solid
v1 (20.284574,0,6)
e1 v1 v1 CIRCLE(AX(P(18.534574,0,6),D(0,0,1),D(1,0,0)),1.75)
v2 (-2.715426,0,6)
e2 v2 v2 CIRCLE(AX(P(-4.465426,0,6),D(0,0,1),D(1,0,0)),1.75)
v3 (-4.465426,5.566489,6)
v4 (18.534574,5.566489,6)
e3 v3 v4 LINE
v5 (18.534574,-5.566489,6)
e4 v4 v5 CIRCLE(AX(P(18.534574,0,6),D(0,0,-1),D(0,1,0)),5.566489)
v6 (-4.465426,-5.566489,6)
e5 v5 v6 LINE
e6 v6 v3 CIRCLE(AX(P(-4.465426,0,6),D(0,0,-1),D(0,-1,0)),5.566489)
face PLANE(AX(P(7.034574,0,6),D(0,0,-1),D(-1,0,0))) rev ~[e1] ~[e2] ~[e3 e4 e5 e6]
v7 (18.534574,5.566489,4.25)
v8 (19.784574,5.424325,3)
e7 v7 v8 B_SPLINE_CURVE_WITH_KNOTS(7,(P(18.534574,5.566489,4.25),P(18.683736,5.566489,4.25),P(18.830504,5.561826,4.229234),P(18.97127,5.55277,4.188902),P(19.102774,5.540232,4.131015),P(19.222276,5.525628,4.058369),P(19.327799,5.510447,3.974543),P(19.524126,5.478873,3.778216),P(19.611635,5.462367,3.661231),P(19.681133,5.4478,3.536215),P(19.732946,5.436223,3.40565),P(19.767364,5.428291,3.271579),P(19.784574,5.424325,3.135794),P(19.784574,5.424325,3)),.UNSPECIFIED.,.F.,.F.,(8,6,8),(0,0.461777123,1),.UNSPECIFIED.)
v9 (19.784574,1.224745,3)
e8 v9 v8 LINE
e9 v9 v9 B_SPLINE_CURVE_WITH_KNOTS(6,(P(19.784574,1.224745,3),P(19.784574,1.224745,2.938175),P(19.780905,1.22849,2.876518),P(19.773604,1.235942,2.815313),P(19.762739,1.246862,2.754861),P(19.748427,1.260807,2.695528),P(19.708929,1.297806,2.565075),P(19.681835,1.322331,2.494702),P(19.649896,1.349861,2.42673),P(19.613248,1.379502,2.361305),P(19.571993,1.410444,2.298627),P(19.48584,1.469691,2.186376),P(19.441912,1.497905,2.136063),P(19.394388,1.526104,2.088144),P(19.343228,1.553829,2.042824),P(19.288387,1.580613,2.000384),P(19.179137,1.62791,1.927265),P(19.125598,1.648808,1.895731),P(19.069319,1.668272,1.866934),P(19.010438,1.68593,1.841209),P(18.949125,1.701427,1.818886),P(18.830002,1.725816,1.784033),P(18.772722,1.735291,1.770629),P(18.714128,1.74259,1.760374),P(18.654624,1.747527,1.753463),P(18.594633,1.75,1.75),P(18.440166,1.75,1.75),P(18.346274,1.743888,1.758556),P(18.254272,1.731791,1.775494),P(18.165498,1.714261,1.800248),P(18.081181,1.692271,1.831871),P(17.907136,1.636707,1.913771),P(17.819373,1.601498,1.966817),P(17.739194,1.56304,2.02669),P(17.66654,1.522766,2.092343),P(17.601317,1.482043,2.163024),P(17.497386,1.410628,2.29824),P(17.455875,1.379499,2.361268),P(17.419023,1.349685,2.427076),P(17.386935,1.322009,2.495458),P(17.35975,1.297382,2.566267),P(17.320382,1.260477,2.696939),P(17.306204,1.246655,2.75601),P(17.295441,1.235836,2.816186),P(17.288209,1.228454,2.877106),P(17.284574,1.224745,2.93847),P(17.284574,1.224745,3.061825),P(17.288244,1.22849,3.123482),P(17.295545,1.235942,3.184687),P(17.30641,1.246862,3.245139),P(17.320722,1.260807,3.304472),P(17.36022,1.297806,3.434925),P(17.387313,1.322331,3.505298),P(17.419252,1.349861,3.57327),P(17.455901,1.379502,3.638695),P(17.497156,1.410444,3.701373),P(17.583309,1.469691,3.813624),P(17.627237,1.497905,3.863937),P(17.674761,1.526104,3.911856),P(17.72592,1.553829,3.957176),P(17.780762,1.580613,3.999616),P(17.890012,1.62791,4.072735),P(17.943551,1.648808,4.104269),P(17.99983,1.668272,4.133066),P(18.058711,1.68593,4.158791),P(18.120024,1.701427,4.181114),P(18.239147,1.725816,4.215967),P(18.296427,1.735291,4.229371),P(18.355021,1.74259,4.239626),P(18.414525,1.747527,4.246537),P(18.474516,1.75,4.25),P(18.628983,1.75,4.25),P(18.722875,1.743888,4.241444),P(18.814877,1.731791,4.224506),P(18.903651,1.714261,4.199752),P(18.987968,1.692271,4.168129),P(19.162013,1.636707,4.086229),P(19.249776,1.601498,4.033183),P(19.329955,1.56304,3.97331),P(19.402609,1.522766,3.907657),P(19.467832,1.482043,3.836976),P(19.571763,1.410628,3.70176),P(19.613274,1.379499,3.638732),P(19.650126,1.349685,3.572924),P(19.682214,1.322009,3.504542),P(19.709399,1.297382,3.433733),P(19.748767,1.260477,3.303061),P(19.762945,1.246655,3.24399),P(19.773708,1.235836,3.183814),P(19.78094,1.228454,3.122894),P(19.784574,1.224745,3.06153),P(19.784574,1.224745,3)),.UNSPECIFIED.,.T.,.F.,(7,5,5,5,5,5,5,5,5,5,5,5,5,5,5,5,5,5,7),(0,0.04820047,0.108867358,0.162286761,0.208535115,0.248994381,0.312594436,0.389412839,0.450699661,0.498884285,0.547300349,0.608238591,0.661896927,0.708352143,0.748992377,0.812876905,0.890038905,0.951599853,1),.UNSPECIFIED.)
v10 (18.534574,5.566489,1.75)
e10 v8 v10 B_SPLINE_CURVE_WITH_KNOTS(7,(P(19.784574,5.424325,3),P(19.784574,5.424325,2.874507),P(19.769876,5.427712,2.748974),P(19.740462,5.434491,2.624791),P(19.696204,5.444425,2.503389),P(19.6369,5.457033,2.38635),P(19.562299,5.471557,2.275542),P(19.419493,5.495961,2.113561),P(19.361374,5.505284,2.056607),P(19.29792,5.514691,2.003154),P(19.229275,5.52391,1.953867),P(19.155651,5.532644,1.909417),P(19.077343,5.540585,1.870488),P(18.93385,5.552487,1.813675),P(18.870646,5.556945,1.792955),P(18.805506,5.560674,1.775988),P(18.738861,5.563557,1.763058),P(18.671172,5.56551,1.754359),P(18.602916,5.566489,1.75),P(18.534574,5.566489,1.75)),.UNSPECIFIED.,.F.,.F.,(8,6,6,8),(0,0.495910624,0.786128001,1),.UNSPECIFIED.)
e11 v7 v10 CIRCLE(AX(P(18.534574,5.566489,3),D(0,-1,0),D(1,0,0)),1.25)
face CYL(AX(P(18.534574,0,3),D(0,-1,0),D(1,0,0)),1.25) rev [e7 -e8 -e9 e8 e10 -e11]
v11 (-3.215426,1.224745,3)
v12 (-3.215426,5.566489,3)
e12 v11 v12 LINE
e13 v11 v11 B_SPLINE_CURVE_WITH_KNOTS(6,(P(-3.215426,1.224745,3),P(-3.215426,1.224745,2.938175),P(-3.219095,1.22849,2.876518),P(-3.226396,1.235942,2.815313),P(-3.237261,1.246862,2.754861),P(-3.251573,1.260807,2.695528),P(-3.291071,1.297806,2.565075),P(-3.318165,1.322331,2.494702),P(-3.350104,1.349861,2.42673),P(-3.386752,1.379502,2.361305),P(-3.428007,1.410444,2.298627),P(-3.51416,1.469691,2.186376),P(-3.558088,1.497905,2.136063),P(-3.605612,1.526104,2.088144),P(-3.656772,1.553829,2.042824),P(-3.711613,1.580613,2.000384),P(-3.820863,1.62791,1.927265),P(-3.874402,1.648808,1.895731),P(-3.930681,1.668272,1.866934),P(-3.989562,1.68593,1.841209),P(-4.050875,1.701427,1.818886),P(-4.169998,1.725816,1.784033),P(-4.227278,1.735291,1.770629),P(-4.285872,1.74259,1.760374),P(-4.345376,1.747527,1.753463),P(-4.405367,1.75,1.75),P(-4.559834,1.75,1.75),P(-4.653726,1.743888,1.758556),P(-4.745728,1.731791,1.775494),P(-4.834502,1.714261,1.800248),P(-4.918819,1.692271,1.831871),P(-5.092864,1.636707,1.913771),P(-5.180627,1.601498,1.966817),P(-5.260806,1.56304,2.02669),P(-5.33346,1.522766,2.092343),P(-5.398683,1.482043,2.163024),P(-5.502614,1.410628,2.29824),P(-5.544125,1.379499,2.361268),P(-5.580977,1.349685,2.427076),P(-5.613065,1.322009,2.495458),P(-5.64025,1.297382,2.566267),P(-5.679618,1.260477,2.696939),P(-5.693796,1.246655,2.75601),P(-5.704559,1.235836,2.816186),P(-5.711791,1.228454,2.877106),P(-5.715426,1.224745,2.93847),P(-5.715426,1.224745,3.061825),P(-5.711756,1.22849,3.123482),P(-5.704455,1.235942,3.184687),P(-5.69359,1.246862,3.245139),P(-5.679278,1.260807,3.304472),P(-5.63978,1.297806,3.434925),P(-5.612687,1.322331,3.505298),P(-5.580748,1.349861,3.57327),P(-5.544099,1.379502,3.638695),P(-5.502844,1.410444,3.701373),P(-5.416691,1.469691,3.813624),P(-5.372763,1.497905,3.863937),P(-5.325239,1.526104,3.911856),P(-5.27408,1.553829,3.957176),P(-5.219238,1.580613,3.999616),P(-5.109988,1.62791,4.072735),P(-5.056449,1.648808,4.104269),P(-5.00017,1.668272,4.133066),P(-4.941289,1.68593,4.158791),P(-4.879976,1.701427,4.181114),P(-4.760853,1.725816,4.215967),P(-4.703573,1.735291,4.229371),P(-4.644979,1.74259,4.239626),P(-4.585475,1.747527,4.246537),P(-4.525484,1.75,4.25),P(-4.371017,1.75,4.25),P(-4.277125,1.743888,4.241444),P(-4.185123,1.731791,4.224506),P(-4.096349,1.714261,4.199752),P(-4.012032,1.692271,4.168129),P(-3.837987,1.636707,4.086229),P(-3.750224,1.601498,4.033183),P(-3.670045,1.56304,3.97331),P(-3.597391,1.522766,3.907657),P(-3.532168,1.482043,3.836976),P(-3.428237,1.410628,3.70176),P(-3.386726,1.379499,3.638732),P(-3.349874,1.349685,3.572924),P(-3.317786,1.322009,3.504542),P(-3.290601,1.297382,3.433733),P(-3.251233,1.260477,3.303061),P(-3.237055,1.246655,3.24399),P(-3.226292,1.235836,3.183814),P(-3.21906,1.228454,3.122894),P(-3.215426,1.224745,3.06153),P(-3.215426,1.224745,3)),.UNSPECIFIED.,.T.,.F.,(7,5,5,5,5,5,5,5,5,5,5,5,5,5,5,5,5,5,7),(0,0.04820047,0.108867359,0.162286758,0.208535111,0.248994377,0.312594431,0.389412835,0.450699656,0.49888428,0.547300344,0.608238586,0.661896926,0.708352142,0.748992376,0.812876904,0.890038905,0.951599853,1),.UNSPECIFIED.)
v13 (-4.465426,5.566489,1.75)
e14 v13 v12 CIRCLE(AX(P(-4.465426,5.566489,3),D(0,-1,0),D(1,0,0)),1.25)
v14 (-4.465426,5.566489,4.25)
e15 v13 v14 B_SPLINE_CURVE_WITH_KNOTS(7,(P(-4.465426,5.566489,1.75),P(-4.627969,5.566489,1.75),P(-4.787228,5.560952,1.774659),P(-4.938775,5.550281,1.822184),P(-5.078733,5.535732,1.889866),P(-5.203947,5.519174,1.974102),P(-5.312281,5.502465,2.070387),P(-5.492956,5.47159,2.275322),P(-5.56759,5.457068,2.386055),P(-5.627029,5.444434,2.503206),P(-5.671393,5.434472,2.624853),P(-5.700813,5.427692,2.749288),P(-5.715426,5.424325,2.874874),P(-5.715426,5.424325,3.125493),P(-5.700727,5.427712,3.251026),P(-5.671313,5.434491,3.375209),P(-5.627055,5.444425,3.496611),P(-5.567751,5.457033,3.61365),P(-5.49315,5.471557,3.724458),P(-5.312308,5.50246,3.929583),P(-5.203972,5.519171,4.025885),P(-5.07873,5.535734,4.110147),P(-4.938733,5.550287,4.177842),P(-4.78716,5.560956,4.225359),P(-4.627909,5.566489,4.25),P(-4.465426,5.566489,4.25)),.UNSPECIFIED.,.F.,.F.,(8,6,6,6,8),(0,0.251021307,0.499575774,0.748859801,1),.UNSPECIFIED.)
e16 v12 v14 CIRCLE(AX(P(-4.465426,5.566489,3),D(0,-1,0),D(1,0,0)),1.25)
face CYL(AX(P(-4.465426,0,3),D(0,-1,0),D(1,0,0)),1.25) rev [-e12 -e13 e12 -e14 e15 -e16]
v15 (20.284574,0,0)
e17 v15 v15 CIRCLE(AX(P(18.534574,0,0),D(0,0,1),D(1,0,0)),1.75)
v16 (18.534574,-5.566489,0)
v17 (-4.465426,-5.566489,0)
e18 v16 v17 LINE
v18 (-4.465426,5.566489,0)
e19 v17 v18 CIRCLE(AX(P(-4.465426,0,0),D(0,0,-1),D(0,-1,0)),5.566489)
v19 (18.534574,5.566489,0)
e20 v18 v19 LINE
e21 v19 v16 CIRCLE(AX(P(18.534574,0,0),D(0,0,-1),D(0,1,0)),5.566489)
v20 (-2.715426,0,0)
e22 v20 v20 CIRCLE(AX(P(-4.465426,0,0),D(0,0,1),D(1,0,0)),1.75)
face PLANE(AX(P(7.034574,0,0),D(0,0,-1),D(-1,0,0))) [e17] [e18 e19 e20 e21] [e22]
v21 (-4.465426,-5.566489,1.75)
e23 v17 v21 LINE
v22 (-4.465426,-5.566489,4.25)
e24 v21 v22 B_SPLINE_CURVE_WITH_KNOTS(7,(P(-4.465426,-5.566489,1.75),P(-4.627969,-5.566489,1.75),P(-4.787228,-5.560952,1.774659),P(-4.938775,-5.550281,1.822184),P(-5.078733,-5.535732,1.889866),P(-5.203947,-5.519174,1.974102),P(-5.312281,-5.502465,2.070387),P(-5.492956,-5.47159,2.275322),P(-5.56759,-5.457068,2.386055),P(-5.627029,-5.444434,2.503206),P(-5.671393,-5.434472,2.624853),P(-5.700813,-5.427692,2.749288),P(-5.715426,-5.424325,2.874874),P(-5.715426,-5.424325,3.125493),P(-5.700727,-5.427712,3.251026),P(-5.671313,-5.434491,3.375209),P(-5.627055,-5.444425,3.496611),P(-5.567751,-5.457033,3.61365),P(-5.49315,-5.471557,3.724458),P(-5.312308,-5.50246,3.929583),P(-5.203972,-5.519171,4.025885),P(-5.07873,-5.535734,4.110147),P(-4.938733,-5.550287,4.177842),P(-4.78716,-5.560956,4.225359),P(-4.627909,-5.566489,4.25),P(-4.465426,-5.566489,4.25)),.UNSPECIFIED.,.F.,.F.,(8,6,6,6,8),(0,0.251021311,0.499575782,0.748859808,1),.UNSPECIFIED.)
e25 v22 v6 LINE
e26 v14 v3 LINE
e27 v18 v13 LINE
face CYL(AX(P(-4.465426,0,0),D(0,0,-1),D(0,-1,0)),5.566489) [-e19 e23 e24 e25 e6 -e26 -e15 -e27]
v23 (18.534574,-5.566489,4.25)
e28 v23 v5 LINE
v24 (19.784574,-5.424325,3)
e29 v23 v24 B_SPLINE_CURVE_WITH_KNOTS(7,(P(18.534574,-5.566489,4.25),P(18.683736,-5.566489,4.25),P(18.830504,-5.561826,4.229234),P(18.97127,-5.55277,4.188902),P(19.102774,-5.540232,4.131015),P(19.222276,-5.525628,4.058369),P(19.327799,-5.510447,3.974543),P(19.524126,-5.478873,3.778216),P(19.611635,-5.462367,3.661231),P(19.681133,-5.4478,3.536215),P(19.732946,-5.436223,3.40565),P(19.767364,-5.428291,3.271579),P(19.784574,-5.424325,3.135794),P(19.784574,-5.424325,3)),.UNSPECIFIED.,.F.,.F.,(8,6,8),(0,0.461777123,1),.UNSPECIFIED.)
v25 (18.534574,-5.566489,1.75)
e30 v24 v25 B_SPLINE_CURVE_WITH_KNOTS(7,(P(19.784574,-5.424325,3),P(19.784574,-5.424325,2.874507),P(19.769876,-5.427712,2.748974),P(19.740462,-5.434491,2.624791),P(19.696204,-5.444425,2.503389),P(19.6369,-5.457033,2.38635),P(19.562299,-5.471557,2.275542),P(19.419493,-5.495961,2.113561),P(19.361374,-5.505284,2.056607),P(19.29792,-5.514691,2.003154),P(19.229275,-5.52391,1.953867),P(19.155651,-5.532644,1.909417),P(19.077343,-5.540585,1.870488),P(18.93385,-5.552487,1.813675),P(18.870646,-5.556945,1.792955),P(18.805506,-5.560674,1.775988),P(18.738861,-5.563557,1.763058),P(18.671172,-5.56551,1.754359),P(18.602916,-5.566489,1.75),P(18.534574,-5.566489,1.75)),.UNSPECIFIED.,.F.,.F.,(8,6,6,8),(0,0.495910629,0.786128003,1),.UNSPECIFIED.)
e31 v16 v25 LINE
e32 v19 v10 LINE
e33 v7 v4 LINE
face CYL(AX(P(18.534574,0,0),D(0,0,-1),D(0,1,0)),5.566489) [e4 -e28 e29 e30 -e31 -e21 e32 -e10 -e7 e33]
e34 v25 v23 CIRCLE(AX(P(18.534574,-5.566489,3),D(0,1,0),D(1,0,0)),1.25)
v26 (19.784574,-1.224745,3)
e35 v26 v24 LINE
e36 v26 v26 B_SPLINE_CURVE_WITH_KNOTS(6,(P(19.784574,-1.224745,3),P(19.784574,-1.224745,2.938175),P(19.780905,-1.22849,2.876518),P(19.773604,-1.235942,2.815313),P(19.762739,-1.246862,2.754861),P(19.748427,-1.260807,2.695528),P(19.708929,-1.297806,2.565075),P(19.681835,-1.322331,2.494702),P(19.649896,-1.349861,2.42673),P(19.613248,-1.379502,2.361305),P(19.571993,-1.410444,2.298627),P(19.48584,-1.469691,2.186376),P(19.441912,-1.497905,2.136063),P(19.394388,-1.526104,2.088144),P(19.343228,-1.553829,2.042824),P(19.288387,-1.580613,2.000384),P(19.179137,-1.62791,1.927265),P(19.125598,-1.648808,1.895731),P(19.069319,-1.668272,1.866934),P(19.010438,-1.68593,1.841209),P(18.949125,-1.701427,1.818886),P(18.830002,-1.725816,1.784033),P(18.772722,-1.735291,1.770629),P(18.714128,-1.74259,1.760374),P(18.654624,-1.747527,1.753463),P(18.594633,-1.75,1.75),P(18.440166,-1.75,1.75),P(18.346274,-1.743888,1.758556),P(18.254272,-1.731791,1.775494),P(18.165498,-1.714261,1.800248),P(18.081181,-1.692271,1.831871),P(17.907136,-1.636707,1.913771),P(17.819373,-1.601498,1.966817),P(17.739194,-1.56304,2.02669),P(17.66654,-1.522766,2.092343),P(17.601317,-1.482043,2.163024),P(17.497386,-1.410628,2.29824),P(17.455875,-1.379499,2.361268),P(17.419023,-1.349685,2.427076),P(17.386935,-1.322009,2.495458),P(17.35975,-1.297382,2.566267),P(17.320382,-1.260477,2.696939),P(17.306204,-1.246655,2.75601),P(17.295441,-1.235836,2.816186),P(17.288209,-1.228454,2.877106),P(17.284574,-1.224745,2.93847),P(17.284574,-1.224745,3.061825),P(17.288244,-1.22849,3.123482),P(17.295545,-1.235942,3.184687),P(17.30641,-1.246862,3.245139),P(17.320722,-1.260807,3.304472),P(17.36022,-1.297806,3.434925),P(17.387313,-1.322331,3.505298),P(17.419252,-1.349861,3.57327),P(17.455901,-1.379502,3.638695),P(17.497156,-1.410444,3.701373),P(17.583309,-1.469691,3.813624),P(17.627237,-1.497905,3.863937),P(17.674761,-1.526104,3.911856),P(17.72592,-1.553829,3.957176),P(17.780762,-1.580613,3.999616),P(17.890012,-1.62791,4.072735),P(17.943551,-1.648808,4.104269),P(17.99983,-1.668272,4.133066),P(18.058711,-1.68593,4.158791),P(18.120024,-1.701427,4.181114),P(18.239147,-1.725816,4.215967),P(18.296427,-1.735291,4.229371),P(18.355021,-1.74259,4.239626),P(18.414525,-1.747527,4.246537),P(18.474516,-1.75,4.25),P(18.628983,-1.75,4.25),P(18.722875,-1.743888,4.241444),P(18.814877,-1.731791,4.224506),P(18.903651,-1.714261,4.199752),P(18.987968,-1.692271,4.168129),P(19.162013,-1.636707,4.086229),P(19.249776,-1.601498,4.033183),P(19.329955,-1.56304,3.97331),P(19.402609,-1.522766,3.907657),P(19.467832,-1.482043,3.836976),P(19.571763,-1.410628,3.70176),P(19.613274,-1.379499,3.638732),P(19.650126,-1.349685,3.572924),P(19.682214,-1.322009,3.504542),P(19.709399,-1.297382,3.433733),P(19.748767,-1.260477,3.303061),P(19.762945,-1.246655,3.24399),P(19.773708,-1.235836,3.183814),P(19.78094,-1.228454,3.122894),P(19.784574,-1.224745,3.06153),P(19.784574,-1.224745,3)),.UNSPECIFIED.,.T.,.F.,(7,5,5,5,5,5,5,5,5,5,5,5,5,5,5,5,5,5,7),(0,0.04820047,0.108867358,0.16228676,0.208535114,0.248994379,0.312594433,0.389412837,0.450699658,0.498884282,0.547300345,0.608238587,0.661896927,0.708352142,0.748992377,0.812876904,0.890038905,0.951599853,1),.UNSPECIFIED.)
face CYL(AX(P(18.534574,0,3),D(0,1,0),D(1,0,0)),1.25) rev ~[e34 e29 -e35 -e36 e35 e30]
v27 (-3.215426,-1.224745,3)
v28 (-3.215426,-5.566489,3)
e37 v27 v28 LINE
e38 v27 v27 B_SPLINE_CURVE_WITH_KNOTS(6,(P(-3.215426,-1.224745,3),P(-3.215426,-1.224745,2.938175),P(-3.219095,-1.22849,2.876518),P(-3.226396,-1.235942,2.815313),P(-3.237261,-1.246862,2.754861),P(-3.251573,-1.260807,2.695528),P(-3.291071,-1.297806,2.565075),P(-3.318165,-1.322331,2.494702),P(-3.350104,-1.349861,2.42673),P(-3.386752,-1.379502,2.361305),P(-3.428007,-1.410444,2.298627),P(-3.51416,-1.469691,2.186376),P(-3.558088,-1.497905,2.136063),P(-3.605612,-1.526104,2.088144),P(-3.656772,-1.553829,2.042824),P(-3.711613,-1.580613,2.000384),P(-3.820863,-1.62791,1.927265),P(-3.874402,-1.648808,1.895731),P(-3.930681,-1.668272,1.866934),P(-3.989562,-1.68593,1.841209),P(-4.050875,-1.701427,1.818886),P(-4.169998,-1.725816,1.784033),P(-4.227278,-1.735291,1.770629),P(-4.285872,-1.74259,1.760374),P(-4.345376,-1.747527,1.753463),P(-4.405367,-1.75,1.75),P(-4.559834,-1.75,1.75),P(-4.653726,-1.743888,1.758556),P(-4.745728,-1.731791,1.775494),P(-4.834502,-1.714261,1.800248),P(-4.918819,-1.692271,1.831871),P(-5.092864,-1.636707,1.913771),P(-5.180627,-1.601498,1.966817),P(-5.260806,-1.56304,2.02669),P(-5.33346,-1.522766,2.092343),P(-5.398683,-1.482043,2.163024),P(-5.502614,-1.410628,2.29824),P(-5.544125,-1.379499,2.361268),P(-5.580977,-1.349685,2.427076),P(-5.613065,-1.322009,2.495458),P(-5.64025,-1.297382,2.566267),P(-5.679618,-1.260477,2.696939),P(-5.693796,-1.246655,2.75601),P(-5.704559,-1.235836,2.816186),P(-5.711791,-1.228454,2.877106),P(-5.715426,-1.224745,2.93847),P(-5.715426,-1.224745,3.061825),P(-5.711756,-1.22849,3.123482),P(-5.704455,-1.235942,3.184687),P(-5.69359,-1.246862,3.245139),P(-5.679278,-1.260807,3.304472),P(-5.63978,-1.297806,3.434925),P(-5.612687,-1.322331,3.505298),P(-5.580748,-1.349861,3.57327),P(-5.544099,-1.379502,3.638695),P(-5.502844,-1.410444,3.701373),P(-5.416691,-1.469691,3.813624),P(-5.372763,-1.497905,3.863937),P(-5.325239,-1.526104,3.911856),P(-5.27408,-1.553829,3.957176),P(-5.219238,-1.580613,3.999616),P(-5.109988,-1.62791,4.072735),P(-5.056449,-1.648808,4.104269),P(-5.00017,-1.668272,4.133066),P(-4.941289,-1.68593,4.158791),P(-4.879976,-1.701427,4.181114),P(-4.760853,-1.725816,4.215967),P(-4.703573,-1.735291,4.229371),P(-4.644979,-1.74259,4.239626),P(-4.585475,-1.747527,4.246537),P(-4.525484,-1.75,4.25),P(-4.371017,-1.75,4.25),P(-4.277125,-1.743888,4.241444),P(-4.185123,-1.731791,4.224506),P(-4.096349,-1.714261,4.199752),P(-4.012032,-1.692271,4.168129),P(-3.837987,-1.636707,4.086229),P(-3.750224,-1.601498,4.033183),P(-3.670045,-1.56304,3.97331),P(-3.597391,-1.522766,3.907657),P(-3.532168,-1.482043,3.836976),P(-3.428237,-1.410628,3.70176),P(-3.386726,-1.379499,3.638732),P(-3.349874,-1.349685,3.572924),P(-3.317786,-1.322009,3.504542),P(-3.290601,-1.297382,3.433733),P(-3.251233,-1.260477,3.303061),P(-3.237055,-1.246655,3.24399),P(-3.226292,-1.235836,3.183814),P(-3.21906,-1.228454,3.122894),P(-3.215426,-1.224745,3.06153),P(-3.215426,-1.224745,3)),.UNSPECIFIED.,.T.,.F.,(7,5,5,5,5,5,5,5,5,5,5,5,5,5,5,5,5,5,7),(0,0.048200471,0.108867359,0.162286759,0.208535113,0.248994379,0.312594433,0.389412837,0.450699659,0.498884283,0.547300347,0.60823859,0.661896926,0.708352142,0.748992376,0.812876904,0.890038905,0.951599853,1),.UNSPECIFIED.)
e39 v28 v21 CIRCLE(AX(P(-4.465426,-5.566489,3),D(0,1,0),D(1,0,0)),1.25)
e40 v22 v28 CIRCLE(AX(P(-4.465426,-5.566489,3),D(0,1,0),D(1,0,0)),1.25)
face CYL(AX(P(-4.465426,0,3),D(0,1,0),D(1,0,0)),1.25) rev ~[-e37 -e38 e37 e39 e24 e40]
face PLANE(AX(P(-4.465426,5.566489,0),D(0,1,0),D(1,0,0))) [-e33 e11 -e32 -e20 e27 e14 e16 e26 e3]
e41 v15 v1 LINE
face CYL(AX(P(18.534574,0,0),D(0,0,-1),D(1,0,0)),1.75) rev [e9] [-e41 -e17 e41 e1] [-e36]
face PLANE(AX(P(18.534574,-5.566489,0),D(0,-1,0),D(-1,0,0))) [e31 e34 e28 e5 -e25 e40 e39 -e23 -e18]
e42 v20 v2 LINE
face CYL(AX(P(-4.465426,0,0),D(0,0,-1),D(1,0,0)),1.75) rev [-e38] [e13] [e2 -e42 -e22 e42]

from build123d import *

# Parameters (mm, degrees)
SKETCH1_R               = 1.75
BOSS_EXTRUDE1_DEPTH     = 6
SKETCH2_R               = 1.25
CUT_EXTRUDE1_DEPTH      = 6.566489362
CUT_EXTRUDE1_DEPTH_BACK = 6.566489362


with BuildPart() as part:
    # Sketch1 → Boss-Extrude1 (new body)
    with BuildSketch(Plane.XY):
        with BuildLine():
            Line((-4.465425532, 5.566489362), (18.534574468, 5.566489362))
            ThreePointArc((18.534574468, 5.566489362), (24.10106383, 0), (18.534574468, -5.566489362))
            Line((18.534574468, -5.566489362), (-4.465425532, -5.566489362))
            ThreePointArc((-4.465425532, -5.566489362), (-10.031914894, 0), (-4.465425532, 5.566489362))
        make_face()
        with Locations((-4.465425532, 0)):
            Circle(SKETCH1_R, mode=Mode.SUBTRACT)
        with Locations((18.534574468, 0)):
            Circle(SKETCH1_R, mode=Mode.SUBTRACT)
    extrude(amount=BOSS_EXTRUDE1_DEPTH)

    # Sketch2 → Cut-Extrude1 (cut, two sides)
    with BuildSketch(Plane(origin=(0, 0, 0), x_dir=(1, 0, 0), z_dir=(0, 1, 0))) as cut_extrude1_sk:
        with Locations((18.534574468, -3)):
            Circle(SKETCH2_R)
        with Locations((-4.465425532, -3)):
            Circle(SKETCH2_R)
    extrude(amount=CUT_EXTRUDE1_DEPTH, mode=Mode.SUBTRACT)
    extrude(cut_extrude1_sk.sketch, amount=-CUT_EXTRUDE1_DEPTH_BACK, mode=Mode.SUBTRACT)


solid = part.part
